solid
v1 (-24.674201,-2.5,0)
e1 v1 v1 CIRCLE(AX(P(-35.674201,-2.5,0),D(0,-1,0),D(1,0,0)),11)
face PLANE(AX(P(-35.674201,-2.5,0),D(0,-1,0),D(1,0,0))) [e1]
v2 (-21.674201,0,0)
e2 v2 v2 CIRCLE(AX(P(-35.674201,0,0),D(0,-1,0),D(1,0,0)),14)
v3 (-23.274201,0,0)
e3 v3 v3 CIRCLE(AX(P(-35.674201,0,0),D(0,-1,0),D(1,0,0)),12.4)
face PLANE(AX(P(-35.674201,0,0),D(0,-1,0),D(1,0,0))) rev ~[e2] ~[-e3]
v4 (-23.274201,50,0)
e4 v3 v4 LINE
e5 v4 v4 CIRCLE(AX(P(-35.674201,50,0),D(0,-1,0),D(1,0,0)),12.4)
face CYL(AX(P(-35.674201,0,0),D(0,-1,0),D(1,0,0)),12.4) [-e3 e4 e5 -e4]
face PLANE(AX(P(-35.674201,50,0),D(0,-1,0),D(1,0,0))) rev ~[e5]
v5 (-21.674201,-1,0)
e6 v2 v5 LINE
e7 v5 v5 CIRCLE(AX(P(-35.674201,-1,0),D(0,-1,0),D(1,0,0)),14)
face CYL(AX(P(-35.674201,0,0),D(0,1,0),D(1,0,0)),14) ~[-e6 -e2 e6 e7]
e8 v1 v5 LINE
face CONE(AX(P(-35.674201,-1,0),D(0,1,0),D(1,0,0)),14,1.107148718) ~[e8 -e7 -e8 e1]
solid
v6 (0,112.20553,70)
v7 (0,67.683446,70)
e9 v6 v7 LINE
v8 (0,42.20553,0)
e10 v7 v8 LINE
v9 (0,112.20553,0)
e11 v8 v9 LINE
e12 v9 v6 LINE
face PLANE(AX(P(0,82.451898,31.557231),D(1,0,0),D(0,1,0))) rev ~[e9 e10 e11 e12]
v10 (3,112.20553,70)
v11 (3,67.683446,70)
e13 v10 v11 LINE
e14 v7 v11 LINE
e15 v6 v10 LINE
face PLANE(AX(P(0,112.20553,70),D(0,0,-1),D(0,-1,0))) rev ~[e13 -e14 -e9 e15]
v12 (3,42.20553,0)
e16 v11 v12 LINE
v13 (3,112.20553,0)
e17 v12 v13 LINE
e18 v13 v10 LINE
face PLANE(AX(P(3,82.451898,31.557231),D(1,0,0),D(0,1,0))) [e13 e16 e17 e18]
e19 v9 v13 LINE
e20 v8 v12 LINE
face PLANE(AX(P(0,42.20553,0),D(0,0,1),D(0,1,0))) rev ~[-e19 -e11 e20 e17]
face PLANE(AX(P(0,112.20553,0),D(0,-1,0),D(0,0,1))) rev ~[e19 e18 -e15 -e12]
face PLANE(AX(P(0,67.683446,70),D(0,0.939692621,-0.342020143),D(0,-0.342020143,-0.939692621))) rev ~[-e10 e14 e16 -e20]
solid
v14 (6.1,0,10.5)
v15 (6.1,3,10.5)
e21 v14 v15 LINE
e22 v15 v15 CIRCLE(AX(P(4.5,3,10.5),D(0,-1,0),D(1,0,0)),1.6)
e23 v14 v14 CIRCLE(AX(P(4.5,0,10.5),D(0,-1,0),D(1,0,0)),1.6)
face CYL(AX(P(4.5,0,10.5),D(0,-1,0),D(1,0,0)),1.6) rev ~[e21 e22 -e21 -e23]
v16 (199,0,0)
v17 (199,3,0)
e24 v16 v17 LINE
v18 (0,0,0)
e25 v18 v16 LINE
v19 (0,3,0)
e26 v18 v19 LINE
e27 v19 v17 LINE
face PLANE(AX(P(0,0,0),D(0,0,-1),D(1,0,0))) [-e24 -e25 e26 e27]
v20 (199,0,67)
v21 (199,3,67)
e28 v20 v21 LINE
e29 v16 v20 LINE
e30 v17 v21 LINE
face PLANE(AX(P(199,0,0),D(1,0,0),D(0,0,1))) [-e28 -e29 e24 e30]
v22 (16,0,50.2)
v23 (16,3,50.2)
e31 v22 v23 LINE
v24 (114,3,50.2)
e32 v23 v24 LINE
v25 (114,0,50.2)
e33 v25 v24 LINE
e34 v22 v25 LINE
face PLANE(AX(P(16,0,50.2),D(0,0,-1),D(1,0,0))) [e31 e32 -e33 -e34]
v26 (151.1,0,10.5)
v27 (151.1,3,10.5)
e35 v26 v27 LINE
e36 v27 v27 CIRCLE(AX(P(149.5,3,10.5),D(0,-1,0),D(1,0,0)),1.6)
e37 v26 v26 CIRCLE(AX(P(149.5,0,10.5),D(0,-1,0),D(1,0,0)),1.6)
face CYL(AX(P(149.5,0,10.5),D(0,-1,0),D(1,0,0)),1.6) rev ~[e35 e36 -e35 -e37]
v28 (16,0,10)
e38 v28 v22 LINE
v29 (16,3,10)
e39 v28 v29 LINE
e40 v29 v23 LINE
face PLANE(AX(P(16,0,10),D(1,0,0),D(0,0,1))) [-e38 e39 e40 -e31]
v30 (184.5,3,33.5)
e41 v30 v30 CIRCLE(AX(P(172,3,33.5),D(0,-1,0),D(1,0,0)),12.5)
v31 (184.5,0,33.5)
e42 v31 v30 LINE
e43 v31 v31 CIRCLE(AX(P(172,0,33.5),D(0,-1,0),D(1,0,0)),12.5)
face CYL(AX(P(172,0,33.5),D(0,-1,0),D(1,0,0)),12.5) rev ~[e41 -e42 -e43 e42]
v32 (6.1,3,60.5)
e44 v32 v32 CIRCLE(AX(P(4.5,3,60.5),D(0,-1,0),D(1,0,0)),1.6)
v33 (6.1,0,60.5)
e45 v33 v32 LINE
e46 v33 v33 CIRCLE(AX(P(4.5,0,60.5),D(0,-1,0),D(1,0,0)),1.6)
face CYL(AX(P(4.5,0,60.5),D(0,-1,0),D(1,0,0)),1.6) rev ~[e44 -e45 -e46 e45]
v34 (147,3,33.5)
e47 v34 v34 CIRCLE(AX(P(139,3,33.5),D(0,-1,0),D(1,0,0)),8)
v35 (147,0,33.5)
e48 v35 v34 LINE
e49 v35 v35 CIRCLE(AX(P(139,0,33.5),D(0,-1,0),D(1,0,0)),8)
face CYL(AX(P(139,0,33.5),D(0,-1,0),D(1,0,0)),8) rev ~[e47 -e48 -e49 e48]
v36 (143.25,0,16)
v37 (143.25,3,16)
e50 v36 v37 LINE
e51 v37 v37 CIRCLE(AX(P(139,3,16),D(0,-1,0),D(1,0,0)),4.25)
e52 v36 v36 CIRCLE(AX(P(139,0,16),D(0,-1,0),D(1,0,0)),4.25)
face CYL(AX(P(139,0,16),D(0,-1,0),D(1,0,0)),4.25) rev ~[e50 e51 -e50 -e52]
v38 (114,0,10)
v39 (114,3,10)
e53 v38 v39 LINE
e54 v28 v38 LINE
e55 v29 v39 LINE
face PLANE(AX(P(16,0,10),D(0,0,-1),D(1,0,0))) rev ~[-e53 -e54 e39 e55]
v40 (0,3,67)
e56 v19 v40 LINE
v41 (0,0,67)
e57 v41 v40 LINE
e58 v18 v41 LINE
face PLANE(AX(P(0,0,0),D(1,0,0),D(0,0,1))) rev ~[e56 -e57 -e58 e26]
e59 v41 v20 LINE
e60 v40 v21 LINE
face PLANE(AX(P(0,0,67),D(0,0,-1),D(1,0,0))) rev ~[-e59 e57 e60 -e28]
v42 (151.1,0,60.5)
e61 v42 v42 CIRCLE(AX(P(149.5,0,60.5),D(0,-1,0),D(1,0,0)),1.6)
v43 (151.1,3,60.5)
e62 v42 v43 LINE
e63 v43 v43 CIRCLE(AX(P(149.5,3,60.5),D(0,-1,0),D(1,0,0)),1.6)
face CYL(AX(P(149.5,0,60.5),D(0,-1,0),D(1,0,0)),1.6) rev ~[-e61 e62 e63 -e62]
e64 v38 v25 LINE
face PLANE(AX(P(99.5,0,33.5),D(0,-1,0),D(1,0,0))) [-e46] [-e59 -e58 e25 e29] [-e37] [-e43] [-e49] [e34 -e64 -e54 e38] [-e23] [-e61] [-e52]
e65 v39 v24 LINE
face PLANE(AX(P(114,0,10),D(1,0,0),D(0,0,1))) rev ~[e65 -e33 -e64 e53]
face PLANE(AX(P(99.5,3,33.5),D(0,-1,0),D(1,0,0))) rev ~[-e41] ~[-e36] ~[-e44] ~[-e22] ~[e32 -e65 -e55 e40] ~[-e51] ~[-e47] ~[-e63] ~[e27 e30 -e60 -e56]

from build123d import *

# Parameters (mm, degrees)
F0_W      = 199
F0_H      = 67
F1_DEPTH  = 3
F2_R      = 1.6
F3_DEPTH  = 3.001
F4_W      = 98
F4_H      = 40.2
F5_DEPTH  = 3.001
F6_R      = 4.25
F6_R_2    = 8
F7_DEPTH  = 3.001
F8_R      = 12.5
F9_DEPTH  = 3.001
F10_R     = 12.4
F11_DEPTH = 50
F12_R     = 14
F13_DEPTH = 2.5
F14_SIZE2 = 1.5
F14_SIZE  = 3
F16_DEPTH = 3


with BuildPart() as f1:
    # F0 (on Front) → F1 (new body)
    with BuildSketch(Plane.XZ):
        with Locations((99.5, 33.5)):
            Rectangle(F0_W, F0_H)
    extrude(amount=-F1_DEPTH)

    # F2 (on face) → F3 (cut, through all)
    with BuildSketch(Plane.XZ):
        with Locations((4.5, 10.5)):
            Circle(F2_R)
        with Locations((4.5, 60.5)):
            Circle(F2_R)
        with Locations((149.5, 10.5)):
            Circle(F2_R)
        with Locations((149.5, 60.5)):
            Circle(F2_R)
    extrude(amount=-F3_DEPTH, mode=Mode.SUBTRACT)

    # F4 (on face) → F5 (cut, through all)
    with BuildSketch(Plane.XZ):
        with Locations((65, 30.1)):
            Rectangle(F4_W, F4_H)
    extrude(amount=-F5_DEPTH, mode=Mode.SUBTRACT)

    # F6 (on face) → F7 (cut, through all)
    with BuildSketch(Plane.XZ):
        with Locations((139, 16)):
            Circle(F6_R)
        with Locations((139, 33.5)):
            Circle(F6_R_2)
    extrude(amount=-F7_DEPTH, mode=Mode.SUBTRACT)

    # F8 (on face) → F9 (cut, through all)
    with BuildSketch(Plane.XZ):
        with Locations((172, 33.5)):
            Circle(F8_R)
    extrude(amount=-F9_DEPTH, mode=Mode.SUBTRACT)


with BuildPart() as f11:
    # F10 (on Front) → F11 (new body)
    with BuildSketch(Plane.XZ):
        with Locations((-35.6742012304, 0)):
            Circle(F10_R)
    extrude(amount=-F11_DEPTH)

    # F12 (on face) → F13 (join)
    with BuildSketch(Plane.XZ):
        with Locations((-35.6742012304, 0)):
            Circle(F12_R)
    extrude(amount=F13_DEPTH)

    # F14
    f14_edges = [f11.edges().sort_by_distance(p)[0] for p in [
        (-49.674201, -2.5, 0),
    ]]
    f14_side = f11.faces().sort_by_distance((-35.674201, -2.5, 0))[0]
    chamfer(f14_edges, length=F14_SIZE, length2=F14_SIZE2, reference=f14_side)


with BuildPart() as f16:
    # F15 (on Right) → F16 (new body)
    with BuildSketch(Plane.YZ):
        Polygon((67.6834460315, 70), (42.2055296329, 0), (112.2055296329, 0), (112.2055296329, 70), align=None)
    extrude(amount=F16_DEPTH)


solid = Compound([f1.part, f11.part, f16.part])
